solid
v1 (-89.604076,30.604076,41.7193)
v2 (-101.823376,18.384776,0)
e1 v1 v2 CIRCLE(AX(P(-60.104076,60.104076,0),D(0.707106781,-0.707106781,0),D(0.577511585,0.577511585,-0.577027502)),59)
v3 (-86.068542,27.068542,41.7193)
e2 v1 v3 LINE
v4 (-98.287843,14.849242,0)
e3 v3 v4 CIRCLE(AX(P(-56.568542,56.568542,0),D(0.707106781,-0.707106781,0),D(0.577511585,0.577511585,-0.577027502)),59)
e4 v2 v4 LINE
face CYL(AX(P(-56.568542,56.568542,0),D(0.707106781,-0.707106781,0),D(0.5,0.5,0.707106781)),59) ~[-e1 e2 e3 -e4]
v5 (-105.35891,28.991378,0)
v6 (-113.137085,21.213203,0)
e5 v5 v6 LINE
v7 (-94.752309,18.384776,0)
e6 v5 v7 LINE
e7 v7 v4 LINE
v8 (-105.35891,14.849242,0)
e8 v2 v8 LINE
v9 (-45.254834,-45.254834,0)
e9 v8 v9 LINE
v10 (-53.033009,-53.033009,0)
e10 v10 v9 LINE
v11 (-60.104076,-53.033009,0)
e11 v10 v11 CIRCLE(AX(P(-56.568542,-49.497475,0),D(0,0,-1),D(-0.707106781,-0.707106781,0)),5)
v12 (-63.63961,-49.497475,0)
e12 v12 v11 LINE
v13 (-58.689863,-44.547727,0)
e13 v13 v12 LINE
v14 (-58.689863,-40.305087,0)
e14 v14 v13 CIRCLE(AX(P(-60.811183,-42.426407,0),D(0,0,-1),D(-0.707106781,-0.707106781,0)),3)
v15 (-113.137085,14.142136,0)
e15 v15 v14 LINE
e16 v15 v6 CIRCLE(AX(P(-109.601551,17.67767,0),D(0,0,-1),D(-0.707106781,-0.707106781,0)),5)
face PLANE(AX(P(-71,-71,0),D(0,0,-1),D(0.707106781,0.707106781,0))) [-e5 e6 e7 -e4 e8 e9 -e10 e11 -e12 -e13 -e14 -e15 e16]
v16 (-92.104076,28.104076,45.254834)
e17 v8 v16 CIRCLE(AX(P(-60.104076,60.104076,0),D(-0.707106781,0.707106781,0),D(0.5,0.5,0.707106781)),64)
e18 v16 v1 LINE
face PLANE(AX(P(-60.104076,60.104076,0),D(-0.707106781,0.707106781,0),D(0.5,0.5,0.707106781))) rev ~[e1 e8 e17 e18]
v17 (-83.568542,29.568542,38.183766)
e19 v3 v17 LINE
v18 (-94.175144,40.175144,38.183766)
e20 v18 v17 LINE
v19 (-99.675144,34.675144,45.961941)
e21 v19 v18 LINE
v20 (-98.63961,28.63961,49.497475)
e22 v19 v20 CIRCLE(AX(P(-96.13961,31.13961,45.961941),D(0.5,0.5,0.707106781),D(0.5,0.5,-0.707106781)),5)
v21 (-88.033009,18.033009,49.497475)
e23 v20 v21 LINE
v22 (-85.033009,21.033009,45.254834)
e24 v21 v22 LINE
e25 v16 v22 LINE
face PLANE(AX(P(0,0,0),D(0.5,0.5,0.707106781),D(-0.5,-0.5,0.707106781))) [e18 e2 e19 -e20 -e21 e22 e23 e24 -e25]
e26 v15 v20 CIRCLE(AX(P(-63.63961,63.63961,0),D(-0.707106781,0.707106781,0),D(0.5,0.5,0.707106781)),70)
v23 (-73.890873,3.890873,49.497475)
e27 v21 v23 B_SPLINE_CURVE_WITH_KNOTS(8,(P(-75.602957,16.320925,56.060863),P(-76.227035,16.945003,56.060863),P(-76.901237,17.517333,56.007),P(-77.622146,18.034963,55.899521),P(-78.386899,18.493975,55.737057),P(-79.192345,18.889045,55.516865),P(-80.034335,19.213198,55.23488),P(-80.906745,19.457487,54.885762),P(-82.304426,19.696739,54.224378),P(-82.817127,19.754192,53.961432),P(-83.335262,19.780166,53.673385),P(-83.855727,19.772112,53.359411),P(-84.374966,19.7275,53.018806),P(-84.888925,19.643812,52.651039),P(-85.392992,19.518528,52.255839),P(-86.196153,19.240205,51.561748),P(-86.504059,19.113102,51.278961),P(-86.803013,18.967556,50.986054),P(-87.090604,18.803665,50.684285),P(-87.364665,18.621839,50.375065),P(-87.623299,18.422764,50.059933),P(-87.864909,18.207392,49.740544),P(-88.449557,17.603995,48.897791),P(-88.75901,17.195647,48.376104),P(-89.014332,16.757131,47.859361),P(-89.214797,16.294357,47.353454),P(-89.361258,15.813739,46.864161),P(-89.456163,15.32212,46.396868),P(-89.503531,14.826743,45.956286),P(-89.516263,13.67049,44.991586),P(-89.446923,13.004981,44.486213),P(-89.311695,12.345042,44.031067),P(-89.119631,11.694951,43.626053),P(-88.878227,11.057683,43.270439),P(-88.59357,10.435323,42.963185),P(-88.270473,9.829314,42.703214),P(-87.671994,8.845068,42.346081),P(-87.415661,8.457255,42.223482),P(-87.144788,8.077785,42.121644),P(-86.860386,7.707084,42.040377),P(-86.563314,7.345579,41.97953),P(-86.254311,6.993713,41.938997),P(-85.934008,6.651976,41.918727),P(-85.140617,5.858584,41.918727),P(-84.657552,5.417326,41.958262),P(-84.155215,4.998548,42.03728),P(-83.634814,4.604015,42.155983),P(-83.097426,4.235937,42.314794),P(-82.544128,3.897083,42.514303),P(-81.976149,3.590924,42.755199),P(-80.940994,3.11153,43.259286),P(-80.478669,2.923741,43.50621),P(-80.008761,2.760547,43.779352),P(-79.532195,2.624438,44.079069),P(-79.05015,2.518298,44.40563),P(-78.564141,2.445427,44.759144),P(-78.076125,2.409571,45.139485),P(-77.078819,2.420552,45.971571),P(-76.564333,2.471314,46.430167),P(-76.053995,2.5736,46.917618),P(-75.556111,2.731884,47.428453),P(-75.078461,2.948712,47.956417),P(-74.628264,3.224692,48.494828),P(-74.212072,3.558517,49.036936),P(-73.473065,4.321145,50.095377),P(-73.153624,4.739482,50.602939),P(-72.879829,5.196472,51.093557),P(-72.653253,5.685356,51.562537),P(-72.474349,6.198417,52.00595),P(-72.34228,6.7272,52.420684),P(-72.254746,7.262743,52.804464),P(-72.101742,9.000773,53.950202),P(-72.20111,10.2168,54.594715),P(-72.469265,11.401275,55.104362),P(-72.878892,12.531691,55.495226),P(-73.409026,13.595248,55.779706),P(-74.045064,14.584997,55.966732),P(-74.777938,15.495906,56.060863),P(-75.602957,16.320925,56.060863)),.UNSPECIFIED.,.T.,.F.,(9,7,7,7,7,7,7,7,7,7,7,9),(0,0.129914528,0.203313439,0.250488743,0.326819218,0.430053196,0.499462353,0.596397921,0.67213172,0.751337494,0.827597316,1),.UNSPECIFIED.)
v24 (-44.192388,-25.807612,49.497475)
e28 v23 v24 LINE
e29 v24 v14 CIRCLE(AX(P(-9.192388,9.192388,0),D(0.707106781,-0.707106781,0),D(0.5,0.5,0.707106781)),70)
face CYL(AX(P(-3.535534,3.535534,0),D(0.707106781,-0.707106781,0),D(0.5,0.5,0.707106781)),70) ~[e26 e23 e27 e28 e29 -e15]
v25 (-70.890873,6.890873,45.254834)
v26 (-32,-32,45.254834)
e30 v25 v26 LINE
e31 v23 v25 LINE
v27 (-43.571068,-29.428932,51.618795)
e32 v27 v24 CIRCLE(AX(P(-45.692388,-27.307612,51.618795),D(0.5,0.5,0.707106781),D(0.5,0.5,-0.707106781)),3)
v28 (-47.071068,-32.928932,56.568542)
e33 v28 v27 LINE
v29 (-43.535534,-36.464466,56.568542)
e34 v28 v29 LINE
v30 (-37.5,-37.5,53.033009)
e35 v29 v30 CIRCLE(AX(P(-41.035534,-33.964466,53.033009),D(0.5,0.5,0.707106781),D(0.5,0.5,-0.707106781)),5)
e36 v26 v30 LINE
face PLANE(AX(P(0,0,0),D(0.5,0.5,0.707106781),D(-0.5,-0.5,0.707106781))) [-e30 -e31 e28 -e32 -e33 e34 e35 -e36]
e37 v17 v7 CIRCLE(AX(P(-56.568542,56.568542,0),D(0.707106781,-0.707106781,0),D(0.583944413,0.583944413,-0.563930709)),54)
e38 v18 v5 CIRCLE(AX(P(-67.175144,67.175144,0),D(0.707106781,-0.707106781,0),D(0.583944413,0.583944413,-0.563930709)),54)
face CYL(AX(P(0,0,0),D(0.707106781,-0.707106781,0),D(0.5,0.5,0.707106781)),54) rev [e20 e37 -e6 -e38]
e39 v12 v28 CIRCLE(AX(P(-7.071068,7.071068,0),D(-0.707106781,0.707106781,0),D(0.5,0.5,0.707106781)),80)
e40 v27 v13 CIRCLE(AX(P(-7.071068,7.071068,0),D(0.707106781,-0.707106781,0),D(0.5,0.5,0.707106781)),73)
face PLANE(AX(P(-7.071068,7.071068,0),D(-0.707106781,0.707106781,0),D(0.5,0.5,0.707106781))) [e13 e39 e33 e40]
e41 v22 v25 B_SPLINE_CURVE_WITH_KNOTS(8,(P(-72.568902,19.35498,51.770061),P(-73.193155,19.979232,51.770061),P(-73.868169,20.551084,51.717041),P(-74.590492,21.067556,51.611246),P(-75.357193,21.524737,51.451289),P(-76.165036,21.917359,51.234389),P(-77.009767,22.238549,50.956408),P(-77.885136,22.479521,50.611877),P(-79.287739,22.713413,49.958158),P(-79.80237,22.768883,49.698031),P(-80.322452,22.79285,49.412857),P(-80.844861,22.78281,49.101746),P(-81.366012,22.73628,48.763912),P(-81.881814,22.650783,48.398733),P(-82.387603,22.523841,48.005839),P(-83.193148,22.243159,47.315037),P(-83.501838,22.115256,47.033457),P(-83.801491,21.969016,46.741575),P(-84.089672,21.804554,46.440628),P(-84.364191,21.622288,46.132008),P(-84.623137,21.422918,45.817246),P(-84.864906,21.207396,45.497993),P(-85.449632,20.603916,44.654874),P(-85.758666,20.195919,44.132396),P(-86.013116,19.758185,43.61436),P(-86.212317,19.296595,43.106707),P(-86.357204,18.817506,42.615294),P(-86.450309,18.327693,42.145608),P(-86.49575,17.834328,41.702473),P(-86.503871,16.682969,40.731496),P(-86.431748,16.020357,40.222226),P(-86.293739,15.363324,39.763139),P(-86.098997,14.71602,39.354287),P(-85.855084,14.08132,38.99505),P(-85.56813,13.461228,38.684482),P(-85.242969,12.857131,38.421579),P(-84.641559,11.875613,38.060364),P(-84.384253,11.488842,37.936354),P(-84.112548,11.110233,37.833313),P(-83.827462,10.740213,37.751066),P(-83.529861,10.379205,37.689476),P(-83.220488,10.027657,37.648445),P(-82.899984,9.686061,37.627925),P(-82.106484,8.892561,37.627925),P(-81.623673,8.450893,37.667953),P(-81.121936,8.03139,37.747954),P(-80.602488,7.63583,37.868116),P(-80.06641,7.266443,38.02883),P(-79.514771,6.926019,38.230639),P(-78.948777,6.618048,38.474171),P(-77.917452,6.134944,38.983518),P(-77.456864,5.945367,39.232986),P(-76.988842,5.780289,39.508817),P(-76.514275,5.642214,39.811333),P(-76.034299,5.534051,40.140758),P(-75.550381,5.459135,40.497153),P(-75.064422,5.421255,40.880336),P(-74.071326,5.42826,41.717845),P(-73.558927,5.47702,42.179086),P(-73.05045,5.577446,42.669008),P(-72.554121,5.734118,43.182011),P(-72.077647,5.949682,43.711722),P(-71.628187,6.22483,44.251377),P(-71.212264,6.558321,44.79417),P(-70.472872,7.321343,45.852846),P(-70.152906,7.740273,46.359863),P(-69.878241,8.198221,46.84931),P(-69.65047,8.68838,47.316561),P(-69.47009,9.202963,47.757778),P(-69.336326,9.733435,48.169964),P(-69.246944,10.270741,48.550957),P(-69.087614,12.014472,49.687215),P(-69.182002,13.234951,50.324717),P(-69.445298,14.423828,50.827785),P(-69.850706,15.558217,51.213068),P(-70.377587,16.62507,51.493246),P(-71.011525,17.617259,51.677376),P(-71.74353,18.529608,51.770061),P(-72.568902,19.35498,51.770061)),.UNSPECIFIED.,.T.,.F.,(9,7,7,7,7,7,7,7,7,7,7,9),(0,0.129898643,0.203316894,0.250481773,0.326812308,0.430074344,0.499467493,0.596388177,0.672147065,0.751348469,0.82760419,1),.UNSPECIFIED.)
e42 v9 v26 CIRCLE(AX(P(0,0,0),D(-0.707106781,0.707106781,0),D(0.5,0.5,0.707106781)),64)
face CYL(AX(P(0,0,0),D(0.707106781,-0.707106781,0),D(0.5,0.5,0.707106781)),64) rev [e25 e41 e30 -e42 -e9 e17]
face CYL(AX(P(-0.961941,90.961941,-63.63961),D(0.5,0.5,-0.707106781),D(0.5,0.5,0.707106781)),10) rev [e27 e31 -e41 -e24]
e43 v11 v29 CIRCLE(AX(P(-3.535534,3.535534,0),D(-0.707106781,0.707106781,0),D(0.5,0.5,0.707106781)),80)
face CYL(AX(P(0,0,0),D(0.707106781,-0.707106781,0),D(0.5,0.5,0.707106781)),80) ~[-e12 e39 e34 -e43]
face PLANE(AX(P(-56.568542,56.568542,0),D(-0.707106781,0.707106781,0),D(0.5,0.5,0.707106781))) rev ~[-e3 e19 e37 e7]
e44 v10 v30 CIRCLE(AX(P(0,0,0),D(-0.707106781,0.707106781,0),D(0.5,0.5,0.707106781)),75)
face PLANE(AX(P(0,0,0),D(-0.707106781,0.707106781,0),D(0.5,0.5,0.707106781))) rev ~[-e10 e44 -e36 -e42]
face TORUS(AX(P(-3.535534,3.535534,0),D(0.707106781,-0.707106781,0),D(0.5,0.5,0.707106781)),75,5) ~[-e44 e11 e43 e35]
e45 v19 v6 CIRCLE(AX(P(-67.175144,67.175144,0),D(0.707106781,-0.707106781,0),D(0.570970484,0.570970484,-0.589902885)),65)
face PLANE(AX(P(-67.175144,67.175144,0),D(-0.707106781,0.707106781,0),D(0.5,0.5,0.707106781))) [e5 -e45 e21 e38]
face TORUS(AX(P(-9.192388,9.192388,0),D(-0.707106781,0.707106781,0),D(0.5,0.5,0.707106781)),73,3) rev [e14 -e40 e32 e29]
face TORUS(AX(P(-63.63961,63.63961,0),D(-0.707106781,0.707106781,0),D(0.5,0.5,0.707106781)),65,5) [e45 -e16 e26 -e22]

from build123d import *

# Parameters (mm, degrees)
BOX007_W               = 100
BOX007_H               = 100
BOX007_DEPTH           = 100
BOX007_PLACEMENT_ANGLE = 45
BOX006_W               = 200
BOX006_H               = 100
BOX006_DEPTH           = 100
BOX006_PLACEMENT_ANGLE = 45
BOX005_W               = 100
BOX005_H               = 100
BOX005_DEPTH           = 100
BOX005_PLACEMENT_ANGLE = -90
BOX004_W               = 20
BOX004_H               = 20
BOX004_DEPTH           = 80
BOX003_W               = 20
BOX003_H               = 20
BOX003_DEPTH           = 80
BOX002_W               = 10
BOX002_H               = 25
BOX002_DEPTH           = 35
BOX002_PITCH_ANGLE     = -15
BOX001_W               = 10
BOX001_H               = 25
BOX001_DEPTH           = 35
BOX001_PITCH_ANGLE     = 15
BOX_W                  = 20
BOX_H                  = 25
BOX_DEPTH              = 35
CYLINDER005_R          = 10
CYLINDER005_DEPTH      = 180
CYLINDER005_ROLL_ANGLE = 90
CYLINDER004_R          = 54
CYLINDER004_DEPTH      = 100
CYLINDER003_R          = 59
CYLINDER003_DEPTH      = 10
CYLINDER002_R          = 64
CYLINDER002_DEPTH      = 85
CYLINDER001_R          = 70
CYLINDER001_DEPTH      = 90
CYLINDER_R             = 80
CYLINDER_DEPTH         = 10
FILLET_R               = 3
FILLET001_R            = 5
FILLET002_R            = 5
CUT009_ROLL_ANGLE      = -90
CUT009_PITCH_ANGLE     = -45
CUT009_PLACEMENT_ANGLE = 45


with BuildPart() as cube004:
    # Box007 → Box007 (new body)
    with BuildSketch(Plane.XY):
        with Locations((50, 50)):
            Rectangle(BOX007_W, BOX007_H)
    extrude(amount=BOX007_DEPTH)


with BuildPart() as cube004_1:
    # Box007 placement: moved
    add(cube004.part.rotate(Axis((0, 0, 0), (0, 0, 1)), BOX007_PLACEMENT_ANGLE))


with BuildPart() as cube003:
    # Box006 → Box006 (new body)
    with BuildSketch(Plane.XY):
        with Locations((100, 50)):
            Rectangle(BOX006_W, BOX006_H)
    extrude(amount=BOX006_DEPTH)


with BuildPart() as cube003_1:
    # Box006 placement: moved
    add(cube003.part.moved(Location((-71, -71, 0))).rotate(Axis((-71, -71, 0), (0, 0, 1)), BOX006_PLACEMENT_ANGLE))


with BuildPart() as cube002:
    # Box005 → Box005 (new body)
    with BuildSketch(Plane.XY):
        with Locations((50, 50)):
            Rectangle(BOX005_W, BOX005_H)
    extrude(amount=BOX005_DEPTH)


with BuildPart() as cube002_1:
    # Box005 placement: moved
    add(cube002.part.rotate(Axis((0, 0, 0), (0, 0, 1)), BOX005_PLACEMENT_ANGLE))


with BuildPart() as tab_cut_l:
    # Box004 → Box004 (new body)
    with BuildSketch(Plane(origin=(-83, -10, 20), x_dir=(1, 0, 0), z_dir=(0, 0, 1))):
        with Locations((10, 10)):
            Rectangle(BOX004_W, BOX004_H)
    extrude(amount=BOX004_DEPTH)


with BuildPart() as tab_cut_r:
    # Box003 → Box003 (new body)
    with BuildSketch(Plane(origin=(63, -10, 20), x_dir=(1, 0, 0), z_dir=(0, 0, 1))):
        with Locations((10, 10)):
            Rectangle(BOX003_W, BOX003_H)
    extrude(amount=BOX003_DEPTH)


with BuildPart() as cube001:
    # Box002 → Box002 (new body)
    with BuildSketch(Plane.XY):
        with Locations((5, 12.5)):
            Rectangle(BOX002_W, BOX002_H)
    extrude(amount=BOX002_DEPTH)


with BuildPart() as cube001_1:
    # Box002 pitch: moved
    add(cube001.part.rotate(Axis((0, 0, 0), (0, 1, 0)), BOX002_PITCH_ANGLE))


with BuildPart() as cube001_2:
    # Box002 placement: moved
    add(cube001_1.part.moved(Location((-9.95, 48, 64))))


with BuildPart() as cube:
    # Box001 → Box001 (new body)
    with BuildSketch(Plane.XY):
        with Locations((5, 12.5)):
            Rectangle(BOX001_W, BOX001_H)
    extrude(amount=BOX001_DEPTH)


with BuildPart() as cube_1:
    # Box001 pitch: moved
    add(cube.part.rotate(Axis((0, 0, 0), (0, 1, 0)), BOX001_PITCH_ANGLE))


with BuildPart() as cube_2:
    # Box001 placement: moved
    add(cube_1.part.moved(Location((0, 48, 65))))


with BuildPart() as bearing_slot:
    # Box → Box (new body)
    with BuildSketch(Plane(origin=(-10, 48, 65), x_dir=(1, 0, 0), z_dir=(0, 0, 1))):
        with Locations((10, 12.5)):
            Rectangle(BOX_W, BOX_H)
    extrude(amount=BOX_DEPTH)


with BuildPart() as bearing_holes:
    # Cylinder005 → Cylinder005 (new body)
    with BuildSketch(Plane.XY):
        Circle(CYLINDER005_R)
    extrude(amount=CYLINDER005_DEPTH)


with BuildPart() as bearing_holes_1:
    # Cylinder005 roll: moved
    add(bearing_holes.part.rotate(Axis((0, 0, 0), (1, 0, 0)), CYLINDER005_ROLL_ANGLE))


with BuildPart() as bearing_holes_2:
    # Cylinder005 placement: moved
    add(bearing_holes_1.part.moved(Location((0, 90, 65))))


with BuildPart() as through_hole:
    # Cylinder004 → Cylinder004 (new body)
    with BuildSketch(Plane.XY):
        Circle(CYLINDER004_R)
    extrude(amount=CYLINDER004_DEPTH)


with BuildPart() as inner_lip:
    # Cylinder003 → Cylinder003 (new body)
    with BuildSketch(Plane.XY.offset(80)):
        Circle(CYLINDER003_R)
    extrude(amount=CYLINDER003_DEPTH)


with BuildPart() as inner_hole:
    # Cylinder002 → Cylinder002 (new body)
    with BuildSketch(Plane.XY):
        Circle(CYLINDER002_R)
    extrude(amount=CYLINDER002_DEPTH)


with BuildPart() as body_cylinder:
    # Cylinder001 → Cylinder001 (new body)
    with BuildSketch(Plane.XY.offset(5)):
        Circle(CYLINDER001_R)
    extrude(amount=CYLINDER001_DEPTH)


with BuildPart() as cut010:
    # Cylinder → Cylinder (new body)
    with BuildSketch(Plane.XY):
        Circle(CYLINDER_R)
    extrude(amount=CYLINDER_DEPTH)

    # Fusion: union Body_Cylinder
    add(body_cylinder.part)

    # Cut: cut Inner_Hole
    add(inner_hole.part, mode=Mode.SUBTRACT)

    # Fusion001: union Inner_Lip
    add(inner_lip.part)

    # Cut001: cut Through_Hole
    add(through_hole.part, mode=Mode.SUBTRACT)

    # Fillet
    fillet_edges = [cut010.edges().sort_by_distance(p)[0] for p in [
        (-70, 0, 10),
    ]]
    fillet(fillet_edges, radius=FILLET_R)

    # Fillet001
    fillet001_edges = [cut010.edges().sort_by_distance(p)[0] for p in [
        (-80, 0, 0),
    ]]
    fillet(fillet001_edges, radius=FILLET001_R)

    # Fillet002
    fillet002_edges = [cut010.edges().sort_by_distance(p)[0] for p in [
        (-70, 0, 95),
    ]]
    fillet(fillet002_edges, radius=FILLET002_R)

    # Cut002: cut Bearing_Holes
    add(bearing_holes_2.part, mode=Mode.SUBTRACT)

    # Cut003: cut Bearing_Slot
    add(bearing_slot.part, mode=Mode.SUBTRACT)

    # Cut004: cut Cube
    add(cube_2.part, mode=Mode.SUBTRACT)

    # Cut005: cut Cube001
    add(cube001_2.part, mode=Mode.SUBTRACT)

    # Cut006: cut Tab_Cut_R
    add(tab_cut_r.part, mode=Mode.SUBTRACT)

    # Cut007: cut Tab_Cut_L
    add(tab_cut_l.part, mode=Mode.SUBTRACT)

    # Cut008: cut Cube002
    add(cube002_1.part, mode=Mode.SUBTRACT)

    # Cut009: cut Cube003
    add(cube003_1.part, mode=Mode.SUBTRACT)


with BuildPart() as cut010_1:
    # Cut009 roll: moved
    add(cut010.part.rotate(Axis((0, 0, 0), (1, 0, 0)), CUT009_ROLL_ANGLE))


with BuildPart() as cut010_2:
    # Cut009 pitch: moved
    add(cut010_1.part.rotate(Axis((0, 0, 0), (0, 1, 0)), CUT009_PITCH_ANGLE))


with BuildPart() as cut010_3:
    # Cut009 placement: moved
    add(cut010_2.part.rotate(Axis((0, 0, 0), (0, 0, 1)), CUT009_PLACEMENT_ANGLE))

    # Cut010: cut Cube004
    add(cube004_1.part, mode=Mode.SUBTRACT)


solid = cut010_3.part
